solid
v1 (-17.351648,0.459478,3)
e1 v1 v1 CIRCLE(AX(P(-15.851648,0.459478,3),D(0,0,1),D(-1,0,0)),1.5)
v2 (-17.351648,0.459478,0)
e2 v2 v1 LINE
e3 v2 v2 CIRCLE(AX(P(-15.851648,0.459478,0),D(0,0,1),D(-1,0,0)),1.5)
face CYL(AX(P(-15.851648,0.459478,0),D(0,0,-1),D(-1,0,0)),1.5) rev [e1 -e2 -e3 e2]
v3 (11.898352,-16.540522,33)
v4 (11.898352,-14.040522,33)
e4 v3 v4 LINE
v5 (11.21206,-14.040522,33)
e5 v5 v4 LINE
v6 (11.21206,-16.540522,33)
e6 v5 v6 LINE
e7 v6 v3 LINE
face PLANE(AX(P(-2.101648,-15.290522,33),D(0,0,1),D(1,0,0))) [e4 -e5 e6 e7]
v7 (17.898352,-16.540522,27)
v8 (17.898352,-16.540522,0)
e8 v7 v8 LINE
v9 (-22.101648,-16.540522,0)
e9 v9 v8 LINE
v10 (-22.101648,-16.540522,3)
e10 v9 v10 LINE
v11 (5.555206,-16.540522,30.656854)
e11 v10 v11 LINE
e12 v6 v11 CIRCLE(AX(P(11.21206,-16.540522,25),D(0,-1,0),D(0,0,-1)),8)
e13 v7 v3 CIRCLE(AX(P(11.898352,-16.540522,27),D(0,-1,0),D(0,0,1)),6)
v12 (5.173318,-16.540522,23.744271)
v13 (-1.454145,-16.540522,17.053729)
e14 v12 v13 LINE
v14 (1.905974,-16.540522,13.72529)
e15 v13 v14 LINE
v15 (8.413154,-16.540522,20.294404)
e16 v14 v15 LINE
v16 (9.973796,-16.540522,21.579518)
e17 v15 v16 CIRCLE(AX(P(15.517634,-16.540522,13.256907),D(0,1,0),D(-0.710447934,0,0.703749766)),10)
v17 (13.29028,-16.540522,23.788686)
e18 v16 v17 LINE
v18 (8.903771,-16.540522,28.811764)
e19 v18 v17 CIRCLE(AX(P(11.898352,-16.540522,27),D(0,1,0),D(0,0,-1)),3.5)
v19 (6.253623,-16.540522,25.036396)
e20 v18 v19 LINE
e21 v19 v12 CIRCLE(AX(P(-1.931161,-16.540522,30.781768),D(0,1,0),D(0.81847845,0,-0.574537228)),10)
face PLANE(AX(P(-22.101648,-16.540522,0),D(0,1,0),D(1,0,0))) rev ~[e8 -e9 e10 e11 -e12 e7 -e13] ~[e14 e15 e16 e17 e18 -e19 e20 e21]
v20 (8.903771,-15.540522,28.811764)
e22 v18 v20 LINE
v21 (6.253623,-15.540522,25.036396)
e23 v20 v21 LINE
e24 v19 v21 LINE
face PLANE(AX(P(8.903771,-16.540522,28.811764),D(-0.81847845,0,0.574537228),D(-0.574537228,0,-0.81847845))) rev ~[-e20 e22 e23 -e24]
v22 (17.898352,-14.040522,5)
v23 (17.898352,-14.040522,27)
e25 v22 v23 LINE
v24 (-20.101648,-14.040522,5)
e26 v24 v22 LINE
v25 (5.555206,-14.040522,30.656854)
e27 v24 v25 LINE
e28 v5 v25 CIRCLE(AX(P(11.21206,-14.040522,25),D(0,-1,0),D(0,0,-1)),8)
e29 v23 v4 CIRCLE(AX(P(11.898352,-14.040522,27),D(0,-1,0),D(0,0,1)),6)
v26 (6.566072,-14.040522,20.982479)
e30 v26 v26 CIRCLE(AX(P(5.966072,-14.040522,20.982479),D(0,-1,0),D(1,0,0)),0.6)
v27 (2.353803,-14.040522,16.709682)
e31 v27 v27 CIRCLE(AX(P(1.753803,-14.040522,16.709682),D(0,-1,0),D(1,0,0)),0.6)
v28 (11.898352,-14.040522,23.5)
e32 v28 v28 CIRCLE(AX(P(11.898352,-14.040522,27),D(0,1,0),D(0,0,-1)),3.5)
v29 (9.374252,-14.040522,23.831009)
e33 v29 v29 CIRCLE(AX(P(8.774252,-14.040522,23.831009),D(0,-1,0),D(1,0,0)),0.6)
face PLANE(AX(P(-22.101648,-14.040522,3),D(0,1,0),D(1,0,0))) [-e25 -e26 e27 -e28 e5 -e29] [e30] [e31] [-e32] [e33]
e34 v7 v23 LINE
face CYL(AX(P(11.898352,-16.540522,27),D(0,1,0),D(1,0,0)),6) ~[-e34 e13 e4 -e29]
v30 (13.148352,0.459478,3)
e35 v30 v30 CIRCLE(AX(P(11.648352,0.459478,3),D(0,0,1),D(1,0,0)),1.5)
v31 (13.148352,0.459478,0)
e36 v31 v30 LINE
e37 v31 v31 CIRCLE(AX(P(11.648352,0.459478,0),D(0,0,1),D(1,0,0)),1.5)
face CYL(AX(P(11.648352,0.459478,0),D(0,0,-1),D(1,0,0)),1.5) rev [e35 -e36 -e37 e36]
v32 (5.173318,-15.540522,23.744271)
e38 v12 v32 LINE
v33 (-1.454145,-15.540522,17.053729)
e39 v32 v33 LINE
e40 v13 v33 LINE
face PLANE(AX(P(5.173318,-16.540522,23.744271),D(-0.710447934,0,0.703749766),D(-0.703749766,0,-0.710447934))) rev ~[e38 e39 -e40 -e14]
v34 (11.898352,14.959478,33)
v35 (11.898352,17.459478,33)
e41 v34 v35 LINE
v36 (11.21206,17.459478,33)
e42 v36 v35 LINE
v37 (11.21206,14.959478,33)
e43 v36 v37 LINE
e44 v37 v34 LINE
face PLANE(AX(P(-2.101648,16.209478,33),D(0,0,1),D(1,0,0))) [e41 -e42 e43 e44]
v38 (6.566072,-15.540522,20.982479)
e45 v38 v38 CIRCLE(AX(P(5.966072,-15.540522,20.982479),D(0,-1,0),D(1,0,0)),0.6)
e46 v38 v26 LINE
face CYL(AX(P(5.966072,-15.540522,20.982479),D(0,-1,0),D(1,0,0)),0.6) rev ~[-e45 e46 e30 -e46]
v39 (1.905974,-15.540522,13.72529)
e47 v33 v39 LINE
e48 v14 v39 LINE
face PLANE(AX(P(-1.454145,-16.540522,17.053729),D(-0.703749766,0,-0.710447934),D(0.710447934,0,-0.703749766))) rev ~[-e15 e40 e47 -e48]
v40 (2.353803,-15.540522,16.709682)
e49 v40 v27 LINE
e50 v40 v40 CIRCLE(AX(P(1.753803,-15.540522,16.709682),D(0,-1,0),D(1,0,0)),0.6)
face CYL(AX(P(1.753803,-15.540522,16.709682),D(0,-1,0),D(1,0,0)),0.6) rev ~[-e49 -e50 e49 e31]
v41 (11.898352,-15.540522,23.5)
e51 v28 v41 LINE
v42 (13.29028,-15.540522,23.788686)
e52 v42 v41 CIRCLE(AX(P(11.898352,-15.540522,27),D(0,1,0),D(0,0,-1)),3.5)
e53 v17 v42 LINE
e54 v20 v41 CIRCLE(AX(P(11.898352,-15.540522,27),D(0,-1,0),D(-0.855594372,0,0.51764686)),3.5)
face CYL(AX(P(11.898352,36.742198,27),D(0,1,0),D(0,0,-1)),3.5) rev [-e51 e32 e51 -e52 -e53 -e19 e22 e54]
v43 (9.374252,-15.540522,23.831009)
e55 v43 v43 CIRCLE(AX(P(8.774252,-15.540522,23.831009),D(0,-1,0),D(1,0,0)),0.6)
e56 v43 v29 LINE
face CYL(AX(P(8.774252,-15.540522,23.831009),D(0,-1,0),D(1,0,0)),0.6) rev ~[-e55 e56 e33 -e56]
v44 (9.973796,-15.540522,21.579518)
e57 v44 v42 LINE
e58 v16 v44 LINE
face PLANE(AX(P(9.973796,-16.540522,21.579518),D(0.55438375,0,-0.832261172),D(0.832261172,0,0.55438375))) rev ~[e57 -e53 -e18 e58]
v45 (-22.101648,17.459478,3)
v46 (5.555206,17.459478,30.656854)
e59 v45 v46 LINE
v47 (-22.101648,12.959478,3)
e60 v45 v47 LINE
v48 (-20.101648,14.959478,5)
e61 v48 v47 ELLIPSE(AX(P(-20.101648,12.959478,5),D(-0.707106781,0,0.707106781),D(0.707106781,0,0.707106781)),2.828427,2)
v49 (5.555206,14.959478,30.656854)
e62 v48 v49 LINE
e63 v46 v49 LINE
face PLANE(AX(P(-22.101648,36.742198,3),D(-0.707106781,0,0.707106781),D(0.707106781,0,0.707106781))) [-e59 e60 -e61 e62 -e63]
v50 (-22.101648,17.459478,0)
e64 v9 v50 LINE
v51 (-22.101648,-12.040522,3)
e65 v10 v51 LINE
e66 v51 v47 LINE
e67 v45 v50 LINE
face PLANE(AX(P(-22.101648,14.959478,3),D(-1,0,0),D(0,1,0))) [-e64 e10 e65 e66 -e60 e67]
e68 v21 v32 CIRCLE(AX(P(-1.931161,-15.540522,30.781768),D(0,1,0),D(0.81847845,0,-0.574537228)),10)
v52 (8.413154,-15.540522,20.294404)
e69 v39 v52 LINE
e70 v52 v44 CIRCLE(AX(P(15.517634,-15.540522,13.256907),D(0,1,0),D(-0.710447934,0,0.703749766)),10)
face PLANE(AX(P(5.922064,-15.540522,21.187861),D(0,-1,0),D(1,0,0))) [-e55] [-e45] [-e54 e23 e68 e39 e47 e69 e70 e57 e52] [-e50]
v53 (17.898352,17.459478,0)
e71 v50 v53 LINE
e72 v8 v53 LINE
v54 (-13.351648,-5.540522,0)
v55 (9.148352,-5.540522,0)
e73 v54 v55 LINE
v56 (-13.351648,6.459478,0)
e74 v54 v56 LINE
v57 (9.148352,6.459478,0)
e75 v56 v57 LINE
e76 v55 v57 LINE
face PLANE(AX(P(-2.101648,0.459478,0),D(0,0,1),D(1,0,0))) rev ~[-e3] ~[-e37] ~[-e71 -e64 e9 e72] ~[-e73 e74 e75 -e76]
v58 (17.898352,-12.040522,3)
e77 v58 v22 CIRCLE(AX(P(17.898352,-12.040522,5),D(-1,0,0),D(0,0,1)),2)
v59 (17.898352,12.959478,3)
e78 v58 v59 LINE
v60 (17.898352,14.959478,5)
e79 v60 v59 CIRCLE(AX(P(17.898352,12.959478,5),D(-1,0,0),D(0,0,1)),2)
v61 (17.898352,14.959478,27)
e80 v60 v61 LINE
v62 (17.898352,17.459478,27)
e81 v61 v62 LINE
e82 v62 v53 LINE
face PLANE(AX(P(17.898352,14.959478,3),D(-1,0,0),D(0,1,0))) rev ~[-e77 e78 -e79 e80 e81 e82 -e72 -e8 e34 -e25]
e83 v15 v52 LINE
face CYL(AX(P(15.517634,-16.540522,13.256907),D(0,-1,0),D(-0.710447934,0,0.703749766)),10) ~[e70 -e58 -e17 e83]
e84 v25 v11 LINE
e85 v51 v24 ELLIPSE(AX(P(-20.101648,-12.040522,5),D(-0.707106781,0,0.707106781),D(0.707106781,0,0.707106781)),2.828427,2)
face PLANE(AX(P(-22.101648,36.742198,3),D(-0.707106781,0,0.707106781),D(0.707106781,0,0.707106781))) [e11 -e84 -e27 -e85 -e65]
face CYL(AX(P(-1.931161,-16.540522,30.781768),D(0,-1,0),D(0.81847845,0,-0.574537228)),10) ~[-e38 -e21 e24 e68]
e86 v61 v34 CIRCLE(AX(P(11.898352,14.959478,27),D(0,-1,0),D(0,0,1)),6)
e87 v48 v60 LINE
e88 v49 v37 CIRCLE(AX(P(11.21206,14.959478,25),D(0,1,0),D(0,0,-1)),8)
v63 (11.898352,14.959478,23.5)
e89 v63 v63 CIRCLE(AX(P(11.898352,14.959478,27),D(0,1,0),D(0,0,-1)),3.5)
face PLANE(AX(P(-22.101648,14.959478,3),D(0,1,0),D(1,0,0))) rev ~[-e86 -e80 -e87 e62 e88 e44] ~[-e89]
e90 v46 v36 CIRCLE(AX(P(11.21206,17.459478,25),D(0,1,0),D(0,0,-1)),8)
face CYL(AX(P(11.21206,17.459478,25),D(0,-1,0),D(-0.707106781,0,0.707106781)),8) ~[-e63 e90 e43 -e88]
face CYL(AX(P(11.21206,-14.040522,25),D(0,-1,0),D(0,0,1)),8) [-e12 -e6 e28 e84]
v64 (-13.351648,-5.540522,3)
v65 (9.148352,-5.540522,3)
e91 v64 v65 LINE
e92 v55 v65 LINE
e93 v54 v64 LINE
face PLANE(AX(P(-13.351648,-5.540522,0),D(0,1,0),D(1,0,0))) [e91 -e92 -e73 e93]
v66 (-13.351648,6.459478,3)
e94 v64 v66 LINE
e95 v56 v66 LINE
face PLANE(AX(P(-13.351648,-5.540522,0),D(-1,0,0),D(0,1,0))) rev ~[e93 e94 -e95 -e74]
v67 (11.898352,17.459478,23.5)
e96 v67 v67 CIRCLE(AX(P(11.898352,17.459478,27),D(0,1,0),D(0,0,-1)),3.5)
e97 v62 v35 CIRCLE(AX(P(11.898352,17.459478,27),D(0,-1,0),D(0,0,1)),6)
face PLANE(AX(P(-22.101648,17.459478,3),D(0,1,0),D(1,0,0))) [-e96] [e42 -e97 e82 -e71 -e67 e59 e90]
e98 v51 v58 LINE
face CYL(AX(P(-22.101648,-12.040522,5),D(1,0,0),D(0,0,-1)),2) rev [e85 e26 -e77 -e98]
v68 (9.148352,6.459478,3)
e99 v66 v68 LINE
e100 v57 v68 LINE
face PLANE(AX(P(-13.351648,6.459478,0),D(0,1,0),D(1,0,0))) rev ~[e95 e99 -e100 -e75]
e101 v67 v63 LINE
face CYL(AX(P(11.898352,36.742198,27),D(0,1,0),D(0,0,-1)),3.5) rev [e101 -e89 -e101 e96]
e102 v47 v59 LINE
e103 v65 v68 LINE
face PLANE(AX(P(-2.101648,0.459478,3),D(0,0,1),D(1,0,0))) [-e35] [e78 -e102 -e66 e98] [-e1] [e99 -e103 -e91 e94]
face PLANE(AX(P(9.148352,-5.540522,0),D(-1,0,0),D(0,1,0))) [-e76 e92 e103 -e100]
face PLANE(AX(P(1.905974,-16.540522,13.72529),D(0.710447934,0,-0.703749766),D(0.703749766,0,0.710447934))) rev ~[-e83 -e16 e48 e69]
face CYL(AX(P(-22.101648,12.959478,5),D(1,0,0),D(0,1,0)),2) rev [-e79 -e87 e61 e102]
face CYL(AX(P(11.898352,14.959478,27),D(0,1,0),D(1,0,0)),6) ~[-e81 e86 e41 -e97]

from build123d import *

# Parameters (mm, degrees)
ESBO_O1_W                  = 40
ESBO_O1_H                  = 34
ESBO_O1_R                  = 1.5
ESBO_O1_W_2                = 22.5
ESBO_O1_H_2                = 12
RESSALTO_EXTRUS_O1_DEPTH   = 3
ESBO_O2_W                  = 40
ESBO_O2_H                  = 2.5
RESSALTO_EXTRUS_O2_DEPTH   = 30
CORTE_EXTRUS_O1_DEPTH      = 53.282720471
CORTE_EXTRUS_O1_DEPTH_BACK = 53.282720471
ESBO_O3_R                  = 3.5
FILETE1_R                  = 6
FILETE2_R                  = 2
CORTE_EXTRUS_O2_DEPTH      = 1
FILETE4_R                  = 8
CORTE_EXTRUS_O3_REACH      = 53.638
ESBO_O5_R                  = 0.6


with BuildPart() as part:
    # Esboço1 → Ressalto-extrusão1 (new body)
    with BuildSketch(Plane.XY):
        with Locations((-2.101648352, 0.459478022)):
            Rectangle(ESBO_O1_W, ESBO_O1_H)
        with Locations((11.648351648, 0.459478022)):
            Circle(ESBO_O1_R, mode=Mode.SUBTRACT)
        with Locations(Location((-15.851648352, 0.459478022, 0), (0, 0, 180))):
            Circle(ESBO_O1_R, mode=Mode.SUBTRACT)
        with Locations((-2.101648352, 0.459478022)):
            Rectangle(ESBO_O1_W_2, ESBO_O1_H_2, mode=Mode.SUBTRACT)
    extrude(amount=RESSALTO_EXTRUS_O1_DEPTH)

    # Esboço2 → Ressalto-extrusão2 (add)
    with BuildSketch(Plane.XY.offset(3)):
        with Locations((-2.101648352, 16.209478022)):
            Rectangle(ESBO_O2_W, ESBO_O2_H)
        with Locations((-2.101648352, -15.290521978)):
            Rectangle(ESBO_O2_W, ESBO_O2_H)
    extrude(amount=RESSALTO_EXTRUS_O2_DEPTH)

    # Esboço3 → Corte-extrusão1 (cut, two sides: drawn at the far end of the back side and taken through both)
    with BuildSketch(Plane.XZ.offset(16.540521978).offset(-CORTE_EXTRUS_O1_DEPTH_BACK)):
        with Locations(Location((11.898351648, 27, 0), (0, 0, 270))):
            Circle(ESBO_O3_R)
        Polygon((-22.101648352, 3), (7.898351648, 33), (-22.101648352, 33), align=None)
    extrude(amount=CORTE_EXTRUS_O1_DEPTH + CORTE_EXTRUS_O1_DEPTH_BACK, mode=Mode.SUBTRACT)

    # Filete1
    filete1_edges = [part.edges().sort_by_distance(p)[0] for p in [
        (17.898351648, 16.209478022, 33),
        (17.898351648, -15.290521978, 33),
    ]]
    fillet(filete1_edges, radius=FILETE1_R)

    # Filete2
    filete2_edges = [part.edges().sort_by_distance(p)[0] for p in [
        (-2.101648352, 14.959478022, 3),
        (-2.101648352, -14.040521978, 3),
    ]]
    fillet(filete2_edges, radius=FILETE2_R)

    # Esboço4 → Corte-extrusão2 (cut)
    with BuildSketch(Plane.XZ.offset(16.540521978)):
        with BuildLine():
            Line((5.173317787, 23.74427083), (-1.45414508, 17.053728929))
            Line((-1.45414508, 17.053728929), (1.905973753, 13.7252896))
            Line((1.905973753, 13.7252896), (8.413154378, 20.294404433))
            ThreePointArc((8.413154378, 20.294404433), (9.16091607, 20.97650137), (9.973796219, 21.579518488))
            Line((9.973796219, 21.579518488), (13.290279513, 23.788686123))
            Line((13.290279513, 23.788686123), (11.68978022, 23.506220104))
            Line((11.68978022, 23.506220104), (8.398351648, 27))
            Line((8.398351648, 27), (8.903771348, 28.811764009))
            Line((8.903771348, 28.811764009), (6.253622951, 25.036396208))
            ThreePointArc((6.253622951, 25.036396208), (5.740721803, 24.367549457), (5.173317787, 23.74427083))
        make_face()
    extrude(amount=-CORTE_EXTRUS_O2_DEPTH, mode=Mode.SUBTRACT)

    # Filete4
    filete4_edges = [part.edges().sort_by_distance(p)[0] for p in [
        (7.898351648, -15.290521978, 33),
        (7.898351648, 16.209478022, 33),
    ]]
    fillet(filete4_edges, radius=FILETE4_R)

    # Esboço5 → Corte-extrusão3 (cut, up to next)
    with BuildSketch(Plane(origin=(0, -15.540521978, 0), x_dir=(-1, 0, 0), z_dir=(0, -1, 0)), mode=Mode.PRIVATE) as corte_extrus_o3_sk1:
        with Locations(Location((-8.774251962, -23.831009443, 0), (0, 0, 180))):
            Circle(ESBO_O5_R)
    corte_extrus_o3_tool1 = extrude(corte_extrus_o3_sk1.sketch, amount=-CORTE_EXTRUS_O3_REACH, mode=Mode.PRIVATE) & part.part
    # Esboço5 → Corte-extrusão3 (cut, up to next)
    with BuildSketch(Plane(origin=(0, -15.540521978, 0), x_dir=(-1, 0, 0), z_dir=(0, -1, 0)), mode=Mode.PRIVATE) as corte_extrus_o3_sk2:
        with Locations(Location((-5.966072468, -20.982478606, 0), (0, 0, 180))):
            Circle(ESBO_O5_R)
    corte_extrus_o3_tool2 = extrude(corte_extrus_o3_sk2.sketch, amount=-CORTE_EXTRUS_O3_REACH, mode=Mode.PRIVATE) & part.part
    # Esboço5 → Corte-extrusão3 (cut, up to next)
    with BuildSketch(Plane(origin=(0, -15.540521978, 0), x_dir=(-1, 0, 0), z_dir=(0, -1, 0)), mode=Mode.PRIVATE) as corte_extrus_o3_sk3:
        with Locations(Location((-1.753803228, -16.70968235, 0), (0, 0, 180))):
            Circle(ESBO_O5_R)
    corte_extrus_o3_tool3 = extrude(corte_extrus_o3_sk3.sketch, amount=-CORTE_EXTRUS_O3_REACH, mode=Mode.PRIVATE) & part.part
    add(corte_extrus_o3_tool1.solids().sort_by_distance((8.774252, -15.540522, 23.831009))[0], mode=Mode.SUBTRACT)
    add(corte_extrus_o3_tool2.solids().sort_by_distance((5.966072, -15.540522, 20.982479))[0], mode=Mode.SUBTRACT)
    add(corte_extrus_o3_tool3.solids().sort_by_distance((1.753803, -15.540522, 16.709682))[0], mode=Mode.SUBTRACT)


solid = part.part
